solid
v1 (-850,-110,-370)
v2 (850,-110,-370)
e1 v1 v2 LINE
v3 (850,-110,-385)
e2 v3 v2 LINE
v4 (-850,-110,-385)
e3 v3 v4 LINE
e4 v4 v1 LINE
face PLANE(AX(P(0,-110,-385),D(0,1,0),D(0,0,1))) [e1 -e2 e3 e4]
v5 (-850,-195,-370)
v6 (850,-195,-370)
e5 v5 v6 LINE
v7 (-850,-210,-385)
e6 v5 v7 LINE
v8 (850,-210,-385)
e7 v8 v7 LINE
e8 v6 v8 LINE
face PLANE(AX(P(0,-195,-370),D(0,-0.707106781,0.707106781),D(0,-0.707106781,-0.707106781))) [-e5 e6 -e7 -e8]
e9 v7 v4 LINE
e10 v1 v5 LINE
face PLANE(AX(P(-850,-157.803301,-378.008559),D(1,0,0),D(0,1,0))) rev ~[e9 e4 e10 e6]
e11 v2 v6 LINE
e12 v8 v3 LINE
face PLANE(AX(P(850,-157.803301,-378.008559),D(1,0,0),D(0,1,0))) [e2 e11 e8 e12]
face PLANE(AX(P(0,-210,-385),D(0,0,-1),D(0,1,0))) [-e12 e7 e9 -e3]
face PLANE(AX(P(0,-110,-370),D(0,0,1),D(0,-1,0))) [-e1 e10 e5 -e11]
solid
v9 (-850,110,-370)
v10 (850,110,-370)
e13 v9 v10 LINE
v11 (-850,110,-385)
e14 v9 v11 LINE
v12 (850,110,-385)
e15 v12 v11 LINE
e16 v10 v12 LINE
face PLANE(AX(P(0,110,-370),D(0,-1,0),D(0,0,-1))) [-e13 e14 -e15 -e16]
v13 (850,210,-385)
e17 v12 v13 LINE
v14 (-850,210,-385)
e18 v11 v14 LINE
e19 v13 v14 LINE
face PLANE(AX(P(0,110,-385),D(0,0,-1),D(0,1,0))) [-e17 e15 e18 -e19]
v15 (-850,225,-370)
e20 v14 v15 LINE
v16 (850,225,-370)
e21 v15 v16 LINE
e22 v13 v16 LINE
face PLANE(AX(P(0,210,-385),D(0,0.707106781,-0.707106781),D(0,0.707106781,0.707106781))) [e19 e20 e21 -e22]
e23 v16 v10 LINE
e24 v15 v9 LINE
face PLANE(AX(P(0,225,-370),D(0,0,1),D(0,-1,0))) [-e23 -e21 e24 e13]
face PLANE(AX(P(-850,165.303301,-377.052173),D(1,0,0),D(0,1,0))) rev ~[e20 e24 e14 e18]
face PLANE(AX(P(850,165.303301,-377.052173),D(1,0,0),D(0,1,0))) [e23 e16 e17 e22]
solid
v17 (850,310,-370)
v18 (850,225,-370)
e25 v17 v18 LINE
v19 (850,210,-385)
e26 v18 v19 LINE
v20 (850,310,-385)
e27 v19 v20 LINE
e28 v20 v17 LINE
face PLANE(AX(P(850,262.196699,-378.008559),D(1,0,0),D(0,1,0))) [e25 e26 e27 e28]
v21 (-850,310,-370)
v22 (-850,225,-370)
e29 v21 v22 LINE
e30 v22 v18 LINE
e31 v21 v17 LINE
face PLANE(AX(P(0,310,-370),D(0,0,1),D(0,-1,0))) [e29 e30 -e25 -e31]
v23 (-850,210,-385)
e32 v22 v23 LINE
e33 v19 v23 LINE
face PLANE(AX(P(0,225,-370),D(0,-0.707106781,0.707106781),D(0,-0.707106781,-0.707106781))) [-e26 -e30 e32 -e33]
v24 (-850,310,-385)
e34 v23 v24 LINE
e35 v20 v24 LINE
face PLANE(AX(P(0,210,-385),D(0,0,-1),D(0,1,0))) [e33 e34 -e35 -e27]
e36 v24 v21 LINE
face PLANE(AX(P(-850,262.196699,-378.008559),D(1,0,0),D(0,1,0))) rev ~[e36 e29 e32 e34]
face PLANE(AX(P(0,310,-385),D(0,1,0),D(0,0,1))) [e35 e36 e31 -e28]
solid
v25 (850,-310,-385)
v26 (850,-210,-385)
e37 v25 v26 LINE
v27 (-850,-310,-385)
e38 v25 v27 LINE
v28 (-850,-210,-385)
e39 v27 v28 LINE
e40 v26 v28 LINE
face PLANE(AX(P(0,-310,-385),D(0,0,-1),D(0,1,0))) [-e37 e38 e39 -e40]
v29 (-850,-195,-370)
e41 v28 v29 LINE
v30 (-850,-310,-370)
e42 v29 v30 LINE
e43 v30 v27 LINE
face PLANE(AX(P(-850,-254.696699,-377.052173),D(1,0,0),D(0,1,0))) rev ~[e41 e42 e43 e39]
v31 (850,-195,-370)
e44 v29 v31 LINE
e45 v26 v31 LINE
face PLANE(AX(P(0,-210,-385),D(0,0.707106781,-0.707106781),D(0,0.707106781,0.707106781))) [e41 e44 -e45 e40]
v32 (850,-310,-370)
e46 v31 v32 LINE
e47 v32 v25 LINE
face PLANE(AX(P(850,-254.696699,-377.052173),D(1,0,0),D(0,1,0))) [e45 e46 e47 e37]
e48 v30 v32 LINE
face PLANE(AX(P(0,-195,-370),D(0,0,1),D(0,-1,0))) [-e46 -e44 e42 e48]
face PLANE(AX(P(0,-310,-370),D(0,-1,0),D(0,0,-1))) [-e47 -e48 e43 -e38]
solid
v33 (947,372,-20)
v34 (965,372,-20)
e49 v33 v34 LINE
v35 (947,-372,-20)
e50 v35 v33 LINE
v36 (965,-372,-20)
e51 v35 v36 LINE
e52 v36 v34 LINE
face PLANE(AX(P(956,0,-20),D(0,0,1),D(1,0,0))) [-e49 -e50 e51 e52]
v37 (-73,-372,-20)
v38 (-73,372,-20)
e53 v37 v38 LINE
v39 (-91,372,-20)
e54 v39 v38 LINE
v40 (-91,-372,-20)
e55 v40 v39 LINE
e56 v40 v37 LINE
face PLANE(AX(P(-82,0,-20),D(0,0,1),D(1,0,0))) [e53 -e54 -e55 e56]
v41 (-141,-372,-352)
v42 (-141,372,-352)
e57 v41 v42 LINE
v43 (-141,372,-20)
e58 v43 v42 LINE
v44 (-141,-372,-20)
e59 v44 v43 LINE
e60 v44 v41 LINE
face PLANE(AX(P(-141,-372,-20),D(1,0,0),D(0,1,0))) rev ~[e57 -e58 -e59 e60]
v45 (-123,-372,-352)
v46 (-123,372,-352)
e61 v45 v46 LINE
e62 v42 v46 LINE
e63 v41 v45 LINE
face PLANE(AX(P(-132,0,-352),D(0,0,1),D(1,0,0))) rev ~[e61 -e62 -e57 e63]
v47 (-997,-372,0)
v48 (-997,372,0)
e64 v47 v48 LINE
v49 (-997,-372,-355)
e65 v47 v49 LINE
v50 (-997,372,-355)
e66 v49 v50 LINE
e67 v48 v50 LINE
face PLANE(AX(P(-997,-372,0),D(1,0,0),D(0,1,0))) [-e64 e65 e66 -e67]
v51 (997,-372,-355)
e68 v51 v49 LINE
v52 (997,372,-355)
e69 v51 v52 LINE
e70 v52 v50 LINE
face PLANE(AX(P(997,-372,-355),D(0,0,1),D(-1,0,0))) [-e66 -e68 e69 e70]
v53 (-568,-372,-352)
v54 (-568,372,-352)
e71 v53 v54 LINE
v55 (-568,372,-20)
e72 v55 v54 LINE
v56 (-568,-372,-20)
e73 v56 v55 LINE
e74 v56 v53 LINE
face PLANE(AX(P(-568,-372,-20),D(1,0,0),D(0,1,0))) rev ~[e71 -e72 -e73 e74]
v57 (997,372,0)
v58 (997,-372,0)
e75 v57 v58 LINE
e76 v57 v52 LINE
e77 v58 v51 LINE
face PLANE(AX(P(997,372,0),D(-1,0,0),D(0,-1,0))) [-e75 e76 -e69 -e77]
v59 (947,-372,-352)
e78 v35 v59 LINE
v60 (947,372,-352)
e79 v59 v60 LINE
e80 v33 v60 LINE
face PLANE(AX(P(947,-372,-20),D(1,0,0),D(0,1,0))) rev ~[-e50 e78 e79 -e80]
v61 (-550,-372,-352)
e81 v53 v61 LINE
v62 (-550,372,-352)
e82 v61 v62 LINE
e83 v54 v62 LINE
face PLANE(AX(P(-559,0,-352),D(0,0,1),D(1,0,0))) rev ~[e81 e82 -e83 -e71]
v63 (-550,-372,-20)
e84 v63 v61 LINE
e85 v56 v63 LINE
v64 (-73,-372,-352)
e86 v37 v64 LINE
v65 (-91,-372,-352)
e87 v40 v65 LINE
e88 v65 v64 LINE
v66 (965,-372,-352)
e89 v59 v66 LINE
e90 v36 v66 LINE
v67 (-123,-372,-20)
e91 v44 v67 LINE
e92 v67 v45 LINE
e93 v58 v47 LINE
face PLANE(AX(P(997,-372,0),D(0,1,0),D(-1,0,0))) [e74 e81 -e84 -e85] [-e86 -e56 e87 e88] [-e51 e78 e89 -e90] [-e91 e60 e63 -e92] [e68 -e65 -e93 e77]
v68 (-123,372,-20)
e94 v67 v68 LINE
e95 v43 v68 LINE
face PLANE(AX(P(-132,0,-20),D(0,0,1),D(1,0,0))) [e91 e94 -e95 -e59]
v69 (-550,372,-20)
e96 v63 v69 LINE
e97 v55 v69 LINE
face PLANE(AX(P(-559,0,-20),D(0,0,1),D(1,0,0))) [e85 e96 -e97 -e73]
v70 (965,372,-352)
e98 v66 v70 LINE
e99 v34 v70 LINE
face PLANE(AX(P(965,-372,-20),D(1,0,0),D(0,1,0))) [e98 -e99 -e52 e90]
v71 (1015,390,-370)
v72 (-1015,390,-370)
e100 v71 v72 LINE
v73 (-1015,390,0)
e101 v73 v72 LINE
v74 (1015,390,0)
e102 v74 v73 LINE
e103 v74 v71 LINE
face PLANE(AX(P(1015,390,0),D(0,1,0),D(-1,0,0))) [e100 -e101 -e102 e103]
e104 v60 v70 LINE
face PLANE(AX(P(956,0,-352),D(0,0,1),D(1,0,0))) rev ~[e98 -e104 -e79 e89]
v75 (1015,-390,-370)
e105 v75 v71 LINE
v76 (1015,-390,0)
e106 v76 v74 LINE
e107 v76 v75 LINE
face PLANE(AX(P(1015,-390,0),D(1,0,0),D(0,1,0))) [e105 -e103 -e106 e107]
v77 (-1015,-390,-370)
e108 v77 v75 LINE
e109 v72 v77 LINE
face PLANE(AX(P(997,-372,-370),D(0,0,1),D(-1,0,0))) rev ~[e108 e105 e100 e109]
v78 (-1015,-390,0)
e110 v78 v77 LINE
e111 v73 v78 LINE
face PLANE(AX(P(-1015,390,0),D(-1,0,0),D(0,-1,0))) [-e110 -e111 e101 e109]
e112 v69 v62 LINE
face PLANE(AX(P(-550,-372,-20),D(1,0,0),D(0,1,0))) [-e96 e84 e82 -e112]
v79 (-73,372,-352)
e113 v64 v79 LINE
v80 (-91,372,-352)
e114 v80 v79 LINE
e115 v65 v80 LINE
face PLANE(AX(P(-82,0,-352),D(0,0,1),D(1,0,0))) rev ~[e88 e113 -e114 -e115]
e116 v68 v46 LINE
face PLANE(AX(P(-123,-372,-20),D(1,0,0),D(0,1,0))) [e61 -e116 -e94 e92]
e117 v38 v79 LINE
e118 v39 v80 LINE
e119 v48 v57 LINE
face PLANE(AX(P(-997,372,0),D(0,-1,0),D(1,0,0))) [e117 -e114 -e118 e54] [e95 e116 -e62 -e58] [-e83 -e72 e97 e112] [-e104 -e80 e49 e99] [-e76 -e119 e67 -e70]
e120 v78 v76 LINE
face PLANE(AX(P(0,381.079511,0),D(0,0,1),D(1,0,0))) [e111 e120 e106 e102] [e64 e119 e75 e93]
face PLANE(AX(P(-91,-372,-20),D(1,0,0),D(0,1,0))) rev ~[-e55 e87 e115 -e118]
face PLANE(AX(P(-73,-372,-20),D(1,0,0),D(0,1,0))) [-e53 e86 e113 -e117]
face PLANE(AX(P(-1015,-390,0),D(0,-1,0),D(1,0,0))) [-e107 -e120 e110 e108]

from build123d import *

# Parameters (mm, degrees)
F6_W           = 18
F6_H           = 744
F13_DEPTH      = 332
F14_DEPTH      = 370
F15_DEPTH      = 370
F8_W           = 1994
F8_H           = 15
F16_DEPTH      = 744
F17_DEPTH      = 850
F17_DEPTH_BACK = 850
F18_DEPTH      = 850
F18_DEPTH_BACK = 850


with BuildPart() as f13:
    # F6 (on offset) → F13 (new body)
    with BuildSketch(Plane.XY.offset(-20)):
        with Locations((956, 0)):
            Rectangle(F6_W, F6_H)
    extrude(amount=-F13_DEPTH)



with BuildPart() as f13b:
    # F6 (on offset) → F13, piece 2 (new body)
    with BuildSketch(Plane.XY.offset(-20)):
        with Locations((-82, 0)):
            Rectangle(F6_W, F6_H)
    extrude(amount=-F13_DEPTH)


with BuildPart() as f13c:
    # F6 (on offset) → F13, piece 3 (new body)
    with BuildSketch(Plane.XY.offset(-20)):
        with Locations((-132, 0)):
            Rectangle(F6_W, F6_H)
    extrude(amount=-F13_DEPTH)


with BuildPart() as f13d:
    # F6 (on offset) → F13, piece 4 (new body)
    with BuildSketch(Plane.XY.offset(-20)):
        with Locations((-559, 0)):
            Rectangle(F6_W, F6_H)
    extrude(amount=-F13_DEPTH)


with BuildPart() as f14:
    # F2 (on Top) → F14 (new body)
    with BuildSketch(Plane.XY):
        Polygon((-997, 372), (-1015, 390), (-1015, -390), (-997, -372), align=None)
    extrude(amount=-F14_DEPTH)


with BuildPart() as f14b:
    # F2 (on Top) → F14, piece 2 (new body)
    with BuildSketch(Plane.XY):
        Polygon((1015, -390), (1015, 390), (997, 372), (997, -372), align=None)
    extrude(amount=-F14_DEPTH)


with BuildPart() as f13_1:
    add(f13.part)

    add(f13b.part)  # F15 merges F13b

    add(f13c.part)  # F15 merges F13c

    add(f13d.part)  # F15 merges F13d

    add(f14.part)  # F15 merges F14

    add(f14b.part)  # F15 merges F14b
    # F2 (on Top) → F15 (join)
    with BuildSketch(Plane.XY):
        Polygon((1015, 390), (-1015, 390), (-997, 372), (-568, 372), (-550, 372), (-141, 372), (-123, 372), (-91, 372), (-73, 372), (947, 372), (965, 372), (997, 372), align=None)
        Polygon((-997, -372), (-1015, -390), (1015, -390), (997, -372), (965, -372), (947, -372), (-73, -372), (-91, -372), (-123, -372), (-141, -372), (-550, -372), (-568, -372), align=None)
    extrude(amount=-F15_DEPTH)

    # F8 (on offset) → F16 (join)
    with BuildSketch(Plane(origin=(0, -372, 0), x_dir=(-1, 0, 0), z_dir=(0, 1, 0))):
        with Locations((0, -362.5)):
            Rectangle(F8_W, F8_H)
    extrude(amount=F16_DEPTH)


with BuildPart() as f17:
    # F12 (on line) → F17 (new body, two sides)
    with BuildSketch(Plane.YZ) as f17_sk:
        Polygon((310, -385), (310, -370), (225, -370), (210, -385), align=None)
    extrude(amount=F17_DEPTH)
    extrude(f17_sk.sketch, amount=-F17_DEPTH_BACK)


with BuildPart() as f17b:
    # F12 (on line) → F17, piece 2 (new body, two sides)
    with BuildSketch(Plane.YZ) as f17_2_sk:
        Polygon((-110, -385), (-110, -370), (-195, -370), (-210, -385), align=None)
    extrude(amount=F17_DEPTH)
    extrude(f17_2_sk.sketch, amount=-F17_DEPTH_BACK)


with BuildPart() as f18:
    # F12 (on line) → F18 (new body, two sides)
    with BuildSketch(Plane.YZ) as f18_sk:
        Polygon((-210, -385), (-195, -370), (-310, -370), (-310, -385), align=None)
    extrude(amount=F18_DEPTH)
    extrude(f18_sk.sketch, amount=-F18_DEPTH_BACK)


with BuildPart() as f18b:
    # F12 (on line) → F18, piece 2 (new body, two sides)
    with BuildSketch(Plane.YZ) as f18_2_sk:
        Polygon((210, -385), (225, -370), (110, -370), (110, -385), align=None)
    extrude(amount=F18_DEPTH)
    extrude(f18_2_sk.sketch, amount=-F18_DEPTH_BACK)


solid = Compound([f13_1.part, f17.part, f17b.part, f18.part, f18b.part])
